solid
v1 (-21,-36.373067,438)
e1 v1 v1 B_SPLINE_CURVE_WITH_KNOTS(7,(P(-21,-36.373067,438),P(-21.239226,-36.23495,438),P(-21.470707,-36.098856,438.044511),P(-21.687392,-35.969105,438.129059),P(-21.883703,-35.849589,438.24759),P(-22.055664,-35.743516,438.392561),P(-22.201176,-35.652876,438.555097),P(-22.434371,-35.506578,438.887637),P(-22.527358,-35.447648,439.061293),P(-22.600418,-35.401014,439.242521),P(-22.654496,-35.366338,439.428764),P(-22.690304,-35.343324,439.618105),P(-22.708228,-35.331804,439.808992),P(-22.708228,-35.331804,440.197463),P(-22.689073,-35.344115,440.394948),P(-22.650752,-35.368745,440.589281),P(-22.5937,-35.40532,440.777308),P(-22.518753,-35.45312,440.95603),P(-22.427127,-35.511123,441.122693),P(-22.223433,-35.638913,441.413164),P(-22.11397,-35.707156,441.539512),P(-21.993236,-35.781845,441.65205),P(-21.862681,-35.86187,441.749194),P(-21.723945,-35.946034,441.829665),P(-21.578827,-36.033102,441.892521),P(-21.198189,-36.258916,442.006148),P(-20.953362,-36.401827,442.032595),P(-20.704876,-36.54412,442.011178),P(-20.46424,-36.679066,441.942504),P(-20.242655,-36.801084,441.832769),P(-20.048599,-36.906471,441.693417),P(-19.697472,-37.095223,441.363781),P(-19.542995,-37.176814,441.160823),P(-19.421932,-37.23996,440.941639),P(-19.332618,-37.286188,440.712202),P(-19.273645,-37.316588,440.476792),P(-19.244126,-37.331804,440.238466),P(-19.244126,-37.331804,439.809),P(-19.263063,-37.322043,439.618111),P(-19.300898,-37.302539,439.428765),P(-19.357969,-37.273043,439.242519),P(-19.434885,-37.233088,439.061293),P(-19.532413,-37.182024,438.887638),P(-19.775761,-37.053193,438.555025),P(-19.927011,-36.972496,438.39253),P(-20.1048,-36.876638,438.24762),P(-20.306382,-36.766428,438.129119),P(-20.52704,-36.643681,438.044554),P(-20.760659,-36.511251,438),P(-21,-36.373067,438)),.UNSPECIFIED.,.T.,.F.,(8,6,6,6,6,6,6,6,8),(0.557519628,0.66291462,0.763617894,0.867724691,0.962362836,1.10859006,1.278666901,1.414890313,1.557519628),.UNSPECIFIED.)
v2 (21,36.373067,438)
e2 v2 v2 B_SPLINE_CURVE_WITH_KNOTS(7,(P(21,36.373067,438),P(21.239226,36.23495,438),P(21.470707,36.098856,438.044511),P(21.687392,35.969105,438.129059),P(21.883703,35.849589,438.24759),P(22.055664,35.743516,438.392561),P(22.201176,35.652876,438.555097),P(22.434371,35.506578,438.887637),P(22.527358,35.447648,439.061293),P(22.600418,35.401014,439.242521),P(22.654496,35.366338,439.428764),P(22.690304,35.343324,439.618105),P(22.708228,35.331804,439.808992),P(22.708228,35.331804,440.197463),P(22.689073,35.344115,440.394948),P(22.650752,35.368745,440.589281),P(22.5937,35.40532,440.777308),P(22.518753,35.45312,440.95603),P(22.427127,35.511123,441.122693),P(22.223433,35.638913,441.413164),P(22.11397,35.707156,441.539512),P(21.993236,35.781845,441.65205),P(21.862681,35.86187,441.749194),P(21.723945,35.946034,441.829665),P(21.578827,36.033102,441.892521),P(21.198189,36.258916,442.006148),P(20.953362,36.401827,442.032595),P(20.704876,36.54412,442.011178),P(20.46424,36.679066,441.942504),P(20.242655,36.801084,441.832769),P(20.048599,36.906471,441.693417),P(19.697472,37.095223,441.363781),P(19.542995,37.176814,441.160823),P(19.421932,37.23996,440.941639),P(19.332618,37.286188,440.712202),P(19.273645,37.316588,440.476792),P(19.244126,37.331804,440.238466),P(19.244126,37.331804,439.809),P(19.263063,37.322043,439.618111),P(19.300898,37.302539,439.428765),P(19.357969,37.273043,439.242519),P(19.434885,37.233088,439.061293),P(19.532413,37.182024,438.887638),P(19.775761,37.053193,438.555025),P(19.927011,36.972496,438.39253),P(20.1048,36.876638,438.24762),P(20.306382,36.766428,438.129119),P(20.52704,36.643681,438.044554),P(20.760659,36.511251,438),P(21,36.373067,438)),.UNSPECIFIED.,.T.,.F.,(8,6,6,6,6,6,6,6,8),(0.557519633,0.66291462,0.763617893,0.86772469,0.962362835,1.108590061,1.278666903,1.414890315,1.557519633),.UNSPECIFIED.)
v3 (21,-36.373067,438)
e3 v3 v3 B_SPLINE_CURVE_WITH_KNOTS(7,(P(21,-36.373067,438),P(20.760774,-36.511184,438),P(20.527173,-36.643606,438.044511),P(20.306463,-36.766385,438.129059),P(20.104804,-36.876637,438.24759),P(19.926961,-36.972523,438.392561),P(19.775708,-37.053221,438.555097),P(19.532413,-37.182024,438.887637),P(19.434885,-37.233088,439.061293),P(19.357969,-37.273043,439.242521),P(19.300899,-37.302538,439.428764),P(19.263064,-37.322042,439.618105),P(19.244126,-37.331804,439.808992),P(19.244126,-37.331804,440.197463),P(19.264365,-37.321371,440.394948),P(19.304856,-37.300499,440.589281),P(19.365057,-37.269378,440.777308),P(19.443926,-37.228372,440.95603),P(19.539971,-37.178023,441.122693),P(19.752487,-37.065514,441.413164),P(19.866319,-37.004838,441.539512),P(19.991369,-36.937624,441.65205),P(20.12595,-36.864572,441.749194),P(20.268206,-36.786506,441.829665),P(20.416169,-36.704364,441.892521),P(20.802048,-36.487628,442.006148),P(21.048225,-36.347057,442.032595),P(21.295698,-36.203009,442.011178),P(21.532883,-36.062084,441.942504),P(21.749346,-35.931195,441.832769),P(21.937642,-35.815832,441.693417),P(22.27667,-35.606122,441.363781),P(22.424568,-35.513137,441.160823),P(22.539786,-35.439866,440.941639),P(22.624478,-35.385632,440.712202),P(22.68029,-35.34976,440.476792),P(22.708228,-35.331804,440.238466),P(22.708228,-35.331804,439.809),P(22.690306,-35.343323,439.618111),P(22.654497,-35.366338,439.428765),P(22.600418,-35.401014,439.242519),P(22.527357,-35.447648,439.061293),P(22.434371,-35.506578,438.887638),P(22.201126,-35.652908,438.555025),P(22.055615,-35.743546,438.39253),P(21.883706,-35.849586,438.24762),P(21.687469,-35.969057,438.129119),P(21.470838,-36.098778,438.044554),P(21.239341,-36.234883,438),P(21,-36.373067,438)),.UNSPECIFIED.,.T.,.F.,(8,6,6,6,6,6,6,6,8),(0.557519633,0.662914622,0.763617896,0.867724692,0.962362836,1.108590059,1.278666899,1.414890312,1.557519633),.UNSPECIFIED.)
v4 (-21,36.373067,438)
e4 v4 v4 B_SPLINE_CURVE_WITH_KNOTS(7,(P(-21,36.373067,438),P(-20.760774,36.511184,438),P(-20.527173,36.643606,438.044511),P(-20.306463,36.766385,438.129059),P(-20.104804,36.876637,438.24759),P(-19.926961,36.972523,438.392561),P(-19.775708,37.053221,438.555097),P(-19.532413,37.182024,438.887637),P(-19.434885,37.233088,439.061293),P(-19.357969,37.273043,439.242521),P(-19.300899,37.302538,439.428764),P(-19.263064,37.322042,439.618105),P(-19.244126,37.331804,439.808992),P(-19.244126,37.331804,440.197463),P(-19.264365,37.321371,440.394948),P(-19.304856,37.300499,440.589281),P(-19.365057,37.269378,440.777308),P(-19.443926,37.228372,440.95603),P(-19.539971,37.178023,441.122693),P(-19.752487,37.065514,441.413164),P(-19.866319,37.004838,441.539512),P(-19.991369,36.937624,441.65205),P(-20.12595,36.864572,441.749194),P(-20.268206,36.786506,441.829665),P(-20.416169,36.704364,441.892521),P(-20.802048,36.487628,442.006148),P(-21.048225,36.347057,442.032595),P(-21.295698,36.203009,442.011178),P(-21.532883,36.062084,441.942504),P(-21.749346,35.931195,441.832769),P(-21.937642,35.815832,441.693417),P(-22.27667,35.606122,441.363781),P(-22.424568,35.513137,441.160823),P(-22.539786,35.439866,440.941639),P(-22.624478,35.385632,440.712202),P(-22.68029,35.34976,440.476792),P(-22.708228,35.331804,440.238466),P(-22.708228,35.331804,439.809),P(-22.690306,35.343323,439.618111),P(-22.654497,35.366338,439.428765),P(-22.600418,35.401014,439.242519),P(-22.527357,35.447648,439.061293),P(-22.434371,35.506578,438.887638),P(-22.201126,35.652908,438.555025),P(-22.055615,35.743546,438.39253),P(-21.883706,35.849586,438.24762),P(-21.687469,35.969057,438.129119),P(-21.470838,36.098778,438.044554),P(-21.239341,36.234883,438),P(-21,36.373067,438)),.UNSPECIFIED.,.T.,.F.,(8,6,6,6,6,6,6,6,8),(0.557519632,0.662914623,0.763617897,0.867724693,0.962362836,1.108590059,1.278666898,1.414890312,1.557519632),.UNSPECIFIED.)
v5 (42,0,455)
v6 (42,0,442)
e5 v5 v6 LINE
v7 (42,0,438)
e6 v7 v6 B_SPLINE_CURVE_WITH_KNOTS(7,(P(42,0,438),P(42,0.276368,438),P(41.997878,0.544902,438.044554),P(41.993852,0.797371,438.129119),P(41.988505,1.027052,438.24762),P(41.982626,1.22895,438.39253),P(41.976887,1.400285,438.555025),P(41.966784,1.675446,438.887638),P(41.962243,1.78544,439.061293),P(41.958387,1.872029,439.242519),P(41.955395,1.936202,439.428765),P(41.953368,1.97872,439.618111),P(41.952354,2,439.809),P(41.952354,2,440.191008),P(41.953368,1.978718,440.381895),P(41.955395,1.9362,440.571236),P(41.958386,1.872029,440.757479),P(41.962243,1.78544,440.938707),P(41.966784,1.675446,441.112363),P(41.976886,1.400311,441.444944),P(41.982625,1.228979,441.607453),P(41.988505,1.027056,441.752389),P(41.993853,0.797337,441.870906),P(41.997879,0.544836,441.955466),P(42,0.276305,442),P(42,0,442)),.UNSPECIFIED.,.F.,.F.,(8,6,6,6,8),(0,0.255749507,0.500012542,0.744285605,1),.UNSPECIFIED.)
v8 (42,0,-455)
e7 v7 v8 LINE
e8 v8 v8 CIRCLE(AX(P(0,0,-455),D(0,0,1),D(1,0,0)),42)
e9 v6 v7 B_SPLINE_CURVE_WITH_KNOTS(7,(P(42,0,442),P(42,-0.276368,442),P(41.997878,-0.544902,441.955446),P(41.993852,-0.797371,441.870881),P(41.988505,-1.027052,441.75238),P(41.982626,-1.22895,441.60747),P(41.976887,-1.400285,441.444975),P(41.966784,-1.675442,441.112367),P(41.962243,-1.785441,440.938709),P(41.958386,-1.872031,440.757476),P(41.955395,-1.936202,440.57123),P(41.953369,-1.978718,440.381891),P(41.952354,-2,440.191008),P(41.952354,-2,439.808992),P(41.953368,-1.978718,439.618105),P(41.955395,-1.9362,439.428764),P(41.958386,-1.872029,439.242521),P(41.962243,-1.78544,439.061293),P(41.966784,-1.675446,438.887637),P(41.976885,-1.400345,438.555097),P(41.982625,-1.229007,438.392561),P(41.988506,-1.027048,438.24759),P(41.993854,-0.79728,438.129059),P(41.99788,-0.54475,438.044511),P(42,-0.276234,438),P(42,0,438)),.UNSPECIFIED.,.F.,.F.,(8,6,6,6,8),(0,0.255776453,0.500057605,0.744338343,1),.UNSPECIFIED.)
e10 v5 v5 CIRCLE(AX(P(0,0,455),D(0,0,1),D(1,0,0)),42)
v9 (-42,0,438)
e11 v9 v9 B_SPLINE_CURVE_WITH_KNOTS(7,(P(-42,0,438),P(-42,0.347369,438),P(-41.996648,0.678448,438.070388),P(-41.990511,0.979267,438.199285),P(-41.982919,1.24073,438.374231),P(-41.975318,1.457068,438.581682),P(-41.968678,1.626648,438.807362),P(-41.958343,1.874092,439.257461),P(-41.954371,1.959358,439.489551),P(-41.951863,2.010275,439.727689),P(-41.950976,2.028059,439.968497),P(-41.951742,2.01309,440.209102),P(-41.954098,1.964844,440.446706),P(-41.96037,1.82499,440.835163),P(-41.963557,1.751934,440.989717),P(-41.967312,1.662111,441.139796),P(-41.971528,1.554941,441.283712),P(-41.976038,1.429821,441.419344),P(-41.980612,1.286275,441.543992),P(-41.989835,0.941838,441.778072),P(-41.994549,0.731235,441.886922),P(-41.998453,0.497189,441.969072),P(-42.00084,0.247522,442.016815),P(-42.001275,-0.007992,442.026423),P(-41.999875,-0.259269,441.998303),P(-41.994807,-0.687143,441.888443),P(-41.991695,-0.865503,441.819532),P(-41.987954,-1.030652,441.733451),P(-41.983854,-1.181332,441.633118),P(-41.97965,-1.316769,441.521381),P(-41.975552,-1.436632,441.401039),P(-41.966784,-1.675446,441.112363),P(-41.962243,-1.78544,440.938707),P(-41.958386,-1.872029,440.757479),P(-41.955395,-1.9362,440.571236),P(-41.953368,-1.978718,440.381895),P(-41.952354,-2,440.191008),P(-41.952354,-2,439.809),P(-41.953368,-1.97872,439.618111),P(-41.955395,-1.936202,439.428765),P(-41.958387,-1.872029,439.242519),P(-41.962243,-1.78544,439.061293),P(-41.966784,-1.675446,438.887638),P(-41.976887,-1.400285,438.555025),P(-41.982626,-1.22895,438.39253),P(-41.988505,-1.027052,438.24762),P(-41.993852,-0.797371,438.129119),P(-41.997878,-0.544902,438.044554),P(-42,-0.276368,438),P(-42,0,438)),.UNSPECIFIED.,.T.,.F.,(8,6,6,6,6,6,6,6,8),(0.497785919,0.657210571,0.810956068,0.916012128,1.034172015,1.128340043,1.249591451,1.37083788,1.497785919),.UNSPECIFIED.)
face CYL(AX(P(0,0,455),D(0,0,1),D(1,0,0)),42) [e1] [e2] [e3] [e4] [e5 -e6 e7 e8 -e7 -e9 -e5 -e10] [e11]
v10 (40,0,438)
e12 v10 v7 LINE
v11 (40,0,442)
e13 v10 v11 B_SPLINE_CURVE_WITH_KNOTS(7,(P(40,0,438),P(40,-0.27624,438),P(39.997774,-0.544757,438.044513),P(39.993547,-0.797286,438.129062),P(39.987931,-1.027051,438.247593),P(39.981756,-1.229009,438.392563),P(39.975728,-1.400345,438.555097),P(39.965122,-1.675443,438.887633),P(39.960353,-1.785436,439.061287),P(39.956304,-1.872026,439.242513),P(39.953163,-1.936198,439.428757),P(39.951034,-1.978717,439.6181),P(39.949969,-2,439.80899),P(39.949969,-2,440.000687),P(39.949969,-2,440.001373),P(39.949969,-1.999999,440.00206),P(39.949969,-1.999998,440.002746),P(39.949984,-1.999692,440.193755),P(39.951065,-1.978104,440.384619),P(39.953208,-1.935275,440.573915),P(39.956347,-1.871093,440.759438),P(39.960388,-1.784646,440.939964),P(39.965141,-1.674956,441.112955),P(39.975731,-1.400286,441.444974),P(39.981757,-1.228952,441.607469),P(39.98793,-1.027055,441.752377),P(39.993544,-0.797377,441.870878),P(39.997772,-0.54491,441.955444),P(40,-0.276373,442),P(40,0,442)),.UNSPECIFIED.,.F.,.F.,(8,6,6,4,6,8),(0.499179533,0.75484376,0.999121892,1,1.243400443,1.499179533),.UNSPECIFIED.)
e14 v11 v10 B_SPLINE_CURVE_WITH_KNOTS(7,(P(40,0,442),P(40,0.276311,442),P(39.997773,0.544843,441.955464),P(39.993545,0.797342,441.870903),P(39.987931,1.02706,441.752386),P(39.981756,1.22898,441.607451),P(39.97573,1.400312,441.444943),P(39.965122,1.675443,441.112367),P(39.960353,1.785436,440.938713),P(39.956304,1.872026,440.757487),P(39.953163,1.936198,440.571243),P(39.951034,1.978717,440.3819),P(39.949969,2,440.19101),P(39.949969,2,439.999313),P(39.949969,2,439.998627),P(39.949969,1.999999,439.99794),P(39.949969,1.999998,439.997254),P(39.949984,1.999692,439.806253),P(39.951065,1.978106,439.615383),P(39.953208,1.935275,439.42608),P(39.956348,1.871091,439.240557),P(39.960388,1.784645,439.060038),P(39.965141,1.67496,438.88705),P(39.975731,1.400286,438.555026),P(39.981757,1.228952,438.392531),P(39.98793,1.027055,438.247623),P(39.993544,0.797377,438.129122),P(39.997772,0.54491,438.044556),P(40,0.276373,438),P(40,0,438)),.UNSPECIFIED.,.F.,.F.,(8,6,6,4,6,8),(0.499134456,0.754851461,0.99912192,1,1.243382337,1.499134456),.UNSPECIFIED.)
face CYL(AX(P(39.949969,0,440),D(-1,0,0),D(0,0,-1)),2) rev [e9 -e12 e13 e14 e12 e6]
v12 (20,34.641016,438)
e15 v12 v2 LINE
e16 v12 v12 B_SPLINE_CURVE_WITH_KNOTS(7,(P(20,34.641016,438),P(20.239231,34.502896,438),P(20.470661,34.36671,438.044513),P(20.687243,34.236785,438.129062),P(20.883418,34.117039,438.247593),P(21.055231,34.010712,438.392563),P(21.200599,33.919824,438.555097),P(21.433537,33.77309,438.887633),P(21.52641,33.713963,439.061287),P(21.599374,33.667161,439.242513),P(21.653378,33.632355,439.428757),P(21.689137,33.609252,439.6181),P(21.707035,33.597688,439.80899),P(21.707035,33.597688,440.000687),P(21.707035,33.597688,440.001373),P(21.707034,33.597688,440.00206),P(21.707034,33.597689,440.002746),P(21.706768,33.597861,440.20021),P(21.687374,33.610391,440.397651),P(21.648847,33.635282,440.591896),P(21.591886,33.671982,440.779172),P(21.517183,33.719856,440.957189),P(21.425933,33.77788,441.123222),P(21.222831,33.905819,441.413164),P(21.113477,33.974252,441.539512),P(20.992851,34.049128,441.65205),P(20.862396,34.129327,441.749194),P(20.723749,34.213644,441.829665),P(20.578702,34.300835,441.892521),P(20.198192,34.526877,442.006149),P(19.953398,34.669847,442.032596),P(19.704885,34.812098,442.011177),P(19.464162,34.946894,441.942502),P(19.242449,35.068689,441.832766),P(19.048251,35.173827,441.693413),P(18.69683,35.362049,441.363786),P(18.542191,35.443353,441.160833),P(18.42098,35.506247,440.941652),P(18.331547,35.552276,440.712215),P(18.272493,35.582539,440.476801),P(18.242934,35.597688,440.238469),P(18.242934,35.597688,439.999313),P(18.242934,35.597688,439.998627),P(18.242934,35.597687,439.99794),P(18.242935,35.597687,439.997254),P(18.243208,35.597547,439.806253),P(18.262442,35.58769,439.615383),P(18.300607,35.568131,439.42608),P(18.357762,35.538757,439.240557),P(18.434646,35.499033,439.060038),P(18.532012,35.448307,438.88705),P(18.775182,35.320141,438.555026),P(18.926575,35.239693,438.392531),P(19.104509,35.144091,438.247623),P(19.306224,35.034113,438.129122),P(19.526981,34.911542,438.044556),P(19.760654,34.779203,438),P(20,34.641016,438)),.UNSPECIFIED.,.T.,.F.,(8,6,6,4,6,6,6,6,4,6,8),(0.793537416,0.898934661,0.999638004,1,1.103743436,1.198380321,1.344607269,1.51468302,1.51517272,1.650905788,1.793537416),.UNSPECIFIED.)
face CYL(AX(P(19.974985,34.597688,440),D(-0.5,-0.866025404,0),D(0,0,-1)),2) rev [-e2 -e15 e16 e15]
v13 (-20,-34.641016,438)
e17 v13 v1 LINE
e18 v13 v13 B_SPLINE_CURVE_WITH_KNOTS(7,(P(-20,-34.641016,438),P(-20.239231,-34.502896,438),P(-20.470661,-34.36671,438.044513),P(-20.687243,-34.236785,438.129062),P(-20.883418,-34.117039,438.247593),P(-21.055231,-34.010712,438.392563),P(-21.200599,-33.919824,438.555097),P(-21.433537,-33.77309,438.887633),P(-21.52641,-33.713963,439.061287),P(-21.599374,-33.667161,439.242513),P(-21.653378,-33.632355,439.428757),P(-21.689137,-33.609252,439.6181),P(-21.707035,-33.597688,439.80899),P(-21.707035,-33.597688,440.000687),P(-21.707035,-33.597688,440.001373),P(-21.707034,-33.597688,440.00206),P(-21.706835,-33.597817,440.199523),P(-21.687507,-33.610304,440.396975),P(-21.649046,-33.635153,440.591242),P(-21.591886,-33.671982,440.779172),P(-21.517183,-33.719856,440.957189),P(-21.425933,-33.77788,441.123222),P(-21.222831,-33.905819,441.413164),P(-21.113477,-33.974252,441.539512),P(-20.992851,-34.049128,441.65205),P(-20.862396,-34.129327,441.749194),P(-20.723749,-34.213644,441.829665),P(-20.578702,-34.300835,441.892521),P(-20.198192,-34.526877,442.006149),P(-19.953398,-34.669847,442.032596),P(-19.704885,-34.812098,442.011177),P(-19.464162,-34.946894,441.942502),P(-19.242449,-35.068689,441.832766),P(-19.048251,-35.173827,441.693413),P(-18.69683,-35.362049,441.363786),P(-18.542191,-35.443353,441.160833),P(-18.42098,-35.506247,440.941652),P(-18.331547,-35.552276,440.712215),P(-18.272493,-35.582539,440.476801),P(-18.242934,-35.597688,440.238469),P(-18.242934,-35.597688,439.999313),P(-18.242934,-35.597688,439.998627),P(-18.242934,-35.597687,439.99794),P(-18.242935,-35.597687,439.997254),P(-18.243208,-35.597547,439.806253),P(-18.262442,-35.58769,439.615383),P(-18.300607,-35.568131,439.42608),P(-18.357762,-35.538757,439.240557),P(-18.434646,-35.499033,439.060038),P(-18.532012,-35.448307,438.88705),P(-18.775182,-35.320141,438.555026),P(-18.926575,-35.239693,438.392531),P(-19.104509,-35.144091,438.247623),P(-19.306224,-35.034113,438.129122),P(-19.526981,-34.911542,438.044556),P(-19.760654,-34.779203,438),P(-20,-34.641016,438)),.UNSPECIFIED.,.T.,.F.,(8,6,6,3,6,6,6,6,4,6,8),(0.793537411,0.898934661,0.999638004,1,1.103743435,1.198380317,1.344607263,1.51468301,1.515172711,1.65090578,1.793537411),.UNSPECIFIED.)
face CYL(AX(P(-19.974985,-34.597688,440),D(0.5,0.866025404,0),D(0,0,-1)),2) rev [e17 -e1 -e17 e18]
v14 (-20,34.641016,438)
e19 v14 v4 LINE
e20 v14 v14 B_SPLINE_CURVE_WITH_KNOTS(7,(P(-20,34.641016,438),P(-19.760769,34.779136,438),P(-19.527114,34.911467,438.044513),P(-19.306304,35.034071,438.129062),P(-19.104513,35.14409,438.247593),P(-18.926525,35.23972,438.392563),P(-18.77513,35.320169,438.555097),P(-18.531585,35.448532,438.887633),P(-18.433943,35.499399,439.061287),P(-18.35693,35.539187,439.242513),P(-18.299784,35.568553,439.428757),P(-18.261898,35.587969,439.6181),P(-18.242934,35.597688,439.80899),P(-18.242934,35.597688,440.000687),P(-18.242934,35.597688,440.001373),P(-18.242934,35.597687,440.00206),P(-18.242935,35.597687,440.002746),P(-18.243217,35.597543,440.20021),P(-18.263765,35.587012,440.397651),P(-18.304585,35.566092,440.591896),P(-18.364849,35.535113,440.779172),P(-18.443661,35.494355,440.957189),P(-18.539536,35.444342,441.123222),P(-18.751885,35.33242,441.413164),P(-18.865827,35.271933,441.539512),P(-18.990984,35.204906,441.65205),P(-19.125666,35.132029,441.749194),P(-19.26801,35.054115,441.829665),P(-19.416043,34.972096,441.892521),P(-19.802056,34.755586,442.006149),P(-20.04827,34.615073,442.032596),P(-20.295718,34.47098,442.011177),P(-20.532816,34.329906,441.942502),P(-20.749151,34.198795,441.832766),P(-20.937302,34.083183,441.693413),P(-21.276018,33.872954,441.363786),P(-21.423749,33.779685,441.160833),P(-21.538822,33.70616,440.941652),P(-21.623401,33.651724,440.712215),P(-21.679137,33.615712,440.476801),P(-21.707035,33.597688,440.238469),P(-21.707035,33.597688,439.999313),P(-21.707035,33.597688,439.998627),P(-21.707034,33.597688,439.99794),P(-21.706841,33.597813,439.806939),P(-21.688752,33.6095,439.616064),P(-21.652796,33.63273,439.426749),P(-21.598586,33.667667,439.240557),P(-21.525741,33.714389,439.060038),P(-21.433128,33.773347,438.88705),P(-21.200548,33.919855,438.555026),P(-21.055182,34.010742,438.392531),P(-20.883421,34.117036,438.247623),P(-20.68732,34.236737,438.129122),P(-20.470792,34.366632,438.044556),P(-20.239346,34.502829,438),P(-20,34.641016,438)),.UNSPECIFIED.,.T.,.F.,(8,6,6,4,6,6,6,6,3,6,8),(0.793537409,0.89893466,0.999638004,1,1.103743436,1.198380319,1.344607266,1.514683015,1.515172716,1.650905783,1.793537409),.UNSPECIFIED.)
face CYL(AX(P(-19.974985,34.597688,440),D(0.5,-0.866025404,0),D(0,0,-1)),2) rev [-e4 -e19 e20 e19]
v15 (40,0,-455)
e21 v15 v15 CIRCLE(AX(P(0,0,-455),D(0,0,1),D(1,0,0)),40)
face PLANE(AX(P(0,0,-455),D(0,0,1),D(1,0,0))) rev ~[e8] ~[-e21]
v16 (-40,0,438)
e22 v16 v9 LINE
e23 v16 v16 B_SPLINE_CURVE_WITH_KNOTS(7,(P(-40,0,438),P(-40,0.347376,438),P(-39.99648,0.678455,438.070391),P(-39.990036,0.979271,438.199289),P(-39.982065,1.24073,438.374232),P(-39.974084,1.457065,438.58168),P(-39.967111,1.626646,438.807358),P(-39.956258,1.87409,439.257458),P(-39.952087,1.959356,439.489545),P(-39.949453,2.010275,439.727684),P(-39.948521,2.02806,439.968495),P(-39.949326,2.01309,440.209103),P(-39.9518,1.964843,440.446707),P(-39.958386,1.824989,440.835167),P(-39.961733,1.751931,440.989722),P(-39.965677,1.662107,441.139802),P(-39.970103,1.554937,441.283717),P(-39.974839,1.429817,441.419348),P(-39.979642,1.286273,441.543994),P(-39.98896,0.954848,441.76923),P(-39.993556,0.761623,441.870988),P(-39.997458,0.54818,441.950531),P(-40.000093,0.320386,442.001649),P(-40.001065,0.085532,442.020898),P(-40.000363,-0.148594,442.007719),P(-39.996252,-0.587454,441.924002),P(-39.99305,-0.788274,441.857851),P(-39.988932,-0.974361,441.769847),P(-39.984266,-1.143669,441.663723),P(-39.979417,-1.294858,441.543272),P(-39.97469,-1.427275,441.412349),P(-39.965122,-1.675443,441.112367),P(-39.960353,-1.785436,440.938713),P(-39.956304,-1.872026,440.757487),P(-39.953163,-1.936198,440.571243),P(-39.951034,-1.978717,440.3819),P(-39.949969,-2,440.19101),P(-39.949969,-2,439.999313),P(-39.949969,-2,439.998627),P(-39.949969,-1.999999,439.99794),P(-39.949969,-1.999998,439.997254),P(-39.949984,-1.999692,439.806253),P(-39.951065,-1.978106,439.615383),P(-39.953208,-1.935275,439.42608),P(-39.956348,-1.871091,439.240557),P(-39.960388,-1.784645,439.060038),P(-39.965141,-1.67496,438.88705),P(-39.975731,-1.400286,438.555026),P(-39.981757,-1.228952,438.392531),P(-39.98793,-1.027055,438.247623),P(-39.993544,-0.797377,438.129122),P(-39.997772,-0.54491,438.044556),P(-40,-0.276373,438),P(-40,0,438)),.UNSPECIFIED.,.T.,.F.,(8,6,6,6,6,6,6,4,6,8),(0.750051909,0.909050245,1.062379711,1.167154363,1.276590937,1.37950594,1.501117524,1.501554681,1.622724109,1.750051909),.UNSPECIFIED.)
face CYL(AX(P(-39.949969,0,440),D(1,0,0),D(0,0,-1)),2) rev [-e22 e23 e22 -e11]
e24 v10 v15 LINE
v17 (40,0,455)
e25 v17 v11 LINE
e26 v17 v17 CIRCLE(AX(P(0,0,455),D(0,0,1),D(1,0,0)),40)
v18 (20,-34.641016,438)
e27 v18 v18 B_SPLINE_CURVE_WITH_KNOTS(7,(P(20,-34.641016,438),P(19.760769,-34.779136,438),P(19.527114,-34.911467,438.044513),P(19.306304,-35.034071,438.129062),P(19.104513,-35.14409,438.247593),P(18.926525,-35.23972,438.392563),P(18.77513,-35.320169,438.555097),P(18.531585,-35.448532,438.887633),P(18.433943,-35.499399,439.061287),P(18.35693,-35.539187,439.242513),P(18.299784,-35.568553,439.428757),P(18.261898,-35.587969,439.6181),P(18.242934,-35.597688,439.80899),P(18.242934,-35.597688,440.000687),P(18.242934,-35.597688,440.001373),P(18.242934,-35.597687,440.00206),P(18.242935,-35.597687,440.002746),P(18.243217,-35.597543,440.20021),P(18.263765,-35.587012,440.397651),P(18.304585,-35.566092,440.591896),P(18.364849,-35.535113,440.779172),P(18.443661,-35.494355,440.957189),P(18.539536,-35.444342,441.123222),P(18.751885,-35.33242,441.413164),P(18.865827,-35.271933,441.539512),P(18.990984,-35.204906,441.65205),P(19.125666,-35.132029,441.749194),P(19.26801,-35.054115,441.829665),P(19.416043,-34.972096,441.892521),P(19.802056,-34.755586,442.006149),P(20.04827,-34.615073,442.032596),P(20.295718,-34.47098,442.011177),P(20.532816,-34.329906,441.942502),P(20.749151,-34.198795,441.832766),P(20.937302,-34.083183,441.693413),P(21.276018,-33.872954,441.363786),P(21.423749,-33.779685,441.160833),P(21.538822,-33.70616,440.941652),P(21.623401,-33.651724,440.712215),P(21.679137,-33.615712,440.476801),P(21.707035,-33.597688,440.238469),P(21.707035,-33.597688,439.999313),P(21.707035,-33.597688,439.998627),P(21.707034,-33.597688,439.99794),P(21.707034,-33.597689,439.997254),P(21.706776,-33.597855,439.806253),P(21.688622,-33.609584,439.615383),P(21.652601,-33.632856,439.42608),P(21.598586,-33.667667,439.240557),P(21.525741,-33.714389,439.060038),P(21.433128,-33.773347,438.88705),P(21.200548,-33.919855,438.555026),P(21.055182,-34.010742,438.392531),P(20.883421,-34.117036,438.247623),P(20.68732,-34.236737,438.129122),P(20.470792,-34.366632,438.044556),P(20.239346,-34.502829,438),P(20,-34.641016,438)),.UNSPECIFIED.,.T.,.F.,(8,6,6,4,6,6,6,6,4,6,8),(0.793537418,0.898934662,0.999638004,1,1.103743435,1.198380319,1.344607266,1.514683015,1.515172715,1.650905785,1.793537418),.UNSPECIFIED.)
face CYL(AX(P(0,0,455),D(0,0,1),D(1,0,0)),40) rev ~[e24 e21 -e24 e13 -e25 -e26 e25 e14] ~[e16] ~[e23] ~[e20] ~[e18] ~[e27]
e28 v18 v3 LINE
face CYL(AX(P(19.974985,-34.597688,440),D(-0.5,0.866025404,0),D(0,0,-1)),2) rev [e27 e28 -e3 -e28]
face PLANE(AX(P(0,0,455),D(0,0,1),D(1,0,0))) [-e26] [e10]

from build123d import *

# Parameters (mm, degrees)
SKETCH3_R           = 42
SKETCH3_R_2         = 40
BOSS_EXTRUDE1_DEPTH = 910
CUT_EXTRUDE1_START  = -2.050031
SKETCH4_R           = 2
CUT_EXTRUDE1_DEPTH  = 2.050031
CIRPATTERN1_COUNT   = 6


with BuildPart() as part:
    # Sketch3 → Boss-Extrude1 (new body)
    with BuildSketch(Plane.XY.offset(455)):
        Circle(SKETCH3_R)
        Circle(SKETCH3_R_2, mode=Mode.SUBTRACT)
    extrude(amount=-BOSS_EXTRUDE1_DEPTH)

    # Sketch4 → Cut-Extrude1 (cut)
    with BuildSketch(Plane(origin=(42, 0, 0), x_dir=(0, 0, -1), z_dir=(1, 0, 0)).offset(CUT_EXTRUDE1_START)):
        with Locations((-440, 0)):
            Circle(SKETCH4_R)
    cut_extrude1 = extrude(amount=CUT_EXTRUDE1_DEPTH, mode=Mode.SUBTRACT)

    # CirPattern1: Cut-Extrude1 ×6 about axis
    cirpattern1_axis = Axis((0, 0, 455), (0, 0, 1))
    for i in range(1, CIRPATTERN1_COUNT):
        add(cut_extrude1.rotate(cirpattern1_axis, i * 360 / CIRPATTERN1_COUNT), mode=Mode.SUBTRACT)


solid = part.part
